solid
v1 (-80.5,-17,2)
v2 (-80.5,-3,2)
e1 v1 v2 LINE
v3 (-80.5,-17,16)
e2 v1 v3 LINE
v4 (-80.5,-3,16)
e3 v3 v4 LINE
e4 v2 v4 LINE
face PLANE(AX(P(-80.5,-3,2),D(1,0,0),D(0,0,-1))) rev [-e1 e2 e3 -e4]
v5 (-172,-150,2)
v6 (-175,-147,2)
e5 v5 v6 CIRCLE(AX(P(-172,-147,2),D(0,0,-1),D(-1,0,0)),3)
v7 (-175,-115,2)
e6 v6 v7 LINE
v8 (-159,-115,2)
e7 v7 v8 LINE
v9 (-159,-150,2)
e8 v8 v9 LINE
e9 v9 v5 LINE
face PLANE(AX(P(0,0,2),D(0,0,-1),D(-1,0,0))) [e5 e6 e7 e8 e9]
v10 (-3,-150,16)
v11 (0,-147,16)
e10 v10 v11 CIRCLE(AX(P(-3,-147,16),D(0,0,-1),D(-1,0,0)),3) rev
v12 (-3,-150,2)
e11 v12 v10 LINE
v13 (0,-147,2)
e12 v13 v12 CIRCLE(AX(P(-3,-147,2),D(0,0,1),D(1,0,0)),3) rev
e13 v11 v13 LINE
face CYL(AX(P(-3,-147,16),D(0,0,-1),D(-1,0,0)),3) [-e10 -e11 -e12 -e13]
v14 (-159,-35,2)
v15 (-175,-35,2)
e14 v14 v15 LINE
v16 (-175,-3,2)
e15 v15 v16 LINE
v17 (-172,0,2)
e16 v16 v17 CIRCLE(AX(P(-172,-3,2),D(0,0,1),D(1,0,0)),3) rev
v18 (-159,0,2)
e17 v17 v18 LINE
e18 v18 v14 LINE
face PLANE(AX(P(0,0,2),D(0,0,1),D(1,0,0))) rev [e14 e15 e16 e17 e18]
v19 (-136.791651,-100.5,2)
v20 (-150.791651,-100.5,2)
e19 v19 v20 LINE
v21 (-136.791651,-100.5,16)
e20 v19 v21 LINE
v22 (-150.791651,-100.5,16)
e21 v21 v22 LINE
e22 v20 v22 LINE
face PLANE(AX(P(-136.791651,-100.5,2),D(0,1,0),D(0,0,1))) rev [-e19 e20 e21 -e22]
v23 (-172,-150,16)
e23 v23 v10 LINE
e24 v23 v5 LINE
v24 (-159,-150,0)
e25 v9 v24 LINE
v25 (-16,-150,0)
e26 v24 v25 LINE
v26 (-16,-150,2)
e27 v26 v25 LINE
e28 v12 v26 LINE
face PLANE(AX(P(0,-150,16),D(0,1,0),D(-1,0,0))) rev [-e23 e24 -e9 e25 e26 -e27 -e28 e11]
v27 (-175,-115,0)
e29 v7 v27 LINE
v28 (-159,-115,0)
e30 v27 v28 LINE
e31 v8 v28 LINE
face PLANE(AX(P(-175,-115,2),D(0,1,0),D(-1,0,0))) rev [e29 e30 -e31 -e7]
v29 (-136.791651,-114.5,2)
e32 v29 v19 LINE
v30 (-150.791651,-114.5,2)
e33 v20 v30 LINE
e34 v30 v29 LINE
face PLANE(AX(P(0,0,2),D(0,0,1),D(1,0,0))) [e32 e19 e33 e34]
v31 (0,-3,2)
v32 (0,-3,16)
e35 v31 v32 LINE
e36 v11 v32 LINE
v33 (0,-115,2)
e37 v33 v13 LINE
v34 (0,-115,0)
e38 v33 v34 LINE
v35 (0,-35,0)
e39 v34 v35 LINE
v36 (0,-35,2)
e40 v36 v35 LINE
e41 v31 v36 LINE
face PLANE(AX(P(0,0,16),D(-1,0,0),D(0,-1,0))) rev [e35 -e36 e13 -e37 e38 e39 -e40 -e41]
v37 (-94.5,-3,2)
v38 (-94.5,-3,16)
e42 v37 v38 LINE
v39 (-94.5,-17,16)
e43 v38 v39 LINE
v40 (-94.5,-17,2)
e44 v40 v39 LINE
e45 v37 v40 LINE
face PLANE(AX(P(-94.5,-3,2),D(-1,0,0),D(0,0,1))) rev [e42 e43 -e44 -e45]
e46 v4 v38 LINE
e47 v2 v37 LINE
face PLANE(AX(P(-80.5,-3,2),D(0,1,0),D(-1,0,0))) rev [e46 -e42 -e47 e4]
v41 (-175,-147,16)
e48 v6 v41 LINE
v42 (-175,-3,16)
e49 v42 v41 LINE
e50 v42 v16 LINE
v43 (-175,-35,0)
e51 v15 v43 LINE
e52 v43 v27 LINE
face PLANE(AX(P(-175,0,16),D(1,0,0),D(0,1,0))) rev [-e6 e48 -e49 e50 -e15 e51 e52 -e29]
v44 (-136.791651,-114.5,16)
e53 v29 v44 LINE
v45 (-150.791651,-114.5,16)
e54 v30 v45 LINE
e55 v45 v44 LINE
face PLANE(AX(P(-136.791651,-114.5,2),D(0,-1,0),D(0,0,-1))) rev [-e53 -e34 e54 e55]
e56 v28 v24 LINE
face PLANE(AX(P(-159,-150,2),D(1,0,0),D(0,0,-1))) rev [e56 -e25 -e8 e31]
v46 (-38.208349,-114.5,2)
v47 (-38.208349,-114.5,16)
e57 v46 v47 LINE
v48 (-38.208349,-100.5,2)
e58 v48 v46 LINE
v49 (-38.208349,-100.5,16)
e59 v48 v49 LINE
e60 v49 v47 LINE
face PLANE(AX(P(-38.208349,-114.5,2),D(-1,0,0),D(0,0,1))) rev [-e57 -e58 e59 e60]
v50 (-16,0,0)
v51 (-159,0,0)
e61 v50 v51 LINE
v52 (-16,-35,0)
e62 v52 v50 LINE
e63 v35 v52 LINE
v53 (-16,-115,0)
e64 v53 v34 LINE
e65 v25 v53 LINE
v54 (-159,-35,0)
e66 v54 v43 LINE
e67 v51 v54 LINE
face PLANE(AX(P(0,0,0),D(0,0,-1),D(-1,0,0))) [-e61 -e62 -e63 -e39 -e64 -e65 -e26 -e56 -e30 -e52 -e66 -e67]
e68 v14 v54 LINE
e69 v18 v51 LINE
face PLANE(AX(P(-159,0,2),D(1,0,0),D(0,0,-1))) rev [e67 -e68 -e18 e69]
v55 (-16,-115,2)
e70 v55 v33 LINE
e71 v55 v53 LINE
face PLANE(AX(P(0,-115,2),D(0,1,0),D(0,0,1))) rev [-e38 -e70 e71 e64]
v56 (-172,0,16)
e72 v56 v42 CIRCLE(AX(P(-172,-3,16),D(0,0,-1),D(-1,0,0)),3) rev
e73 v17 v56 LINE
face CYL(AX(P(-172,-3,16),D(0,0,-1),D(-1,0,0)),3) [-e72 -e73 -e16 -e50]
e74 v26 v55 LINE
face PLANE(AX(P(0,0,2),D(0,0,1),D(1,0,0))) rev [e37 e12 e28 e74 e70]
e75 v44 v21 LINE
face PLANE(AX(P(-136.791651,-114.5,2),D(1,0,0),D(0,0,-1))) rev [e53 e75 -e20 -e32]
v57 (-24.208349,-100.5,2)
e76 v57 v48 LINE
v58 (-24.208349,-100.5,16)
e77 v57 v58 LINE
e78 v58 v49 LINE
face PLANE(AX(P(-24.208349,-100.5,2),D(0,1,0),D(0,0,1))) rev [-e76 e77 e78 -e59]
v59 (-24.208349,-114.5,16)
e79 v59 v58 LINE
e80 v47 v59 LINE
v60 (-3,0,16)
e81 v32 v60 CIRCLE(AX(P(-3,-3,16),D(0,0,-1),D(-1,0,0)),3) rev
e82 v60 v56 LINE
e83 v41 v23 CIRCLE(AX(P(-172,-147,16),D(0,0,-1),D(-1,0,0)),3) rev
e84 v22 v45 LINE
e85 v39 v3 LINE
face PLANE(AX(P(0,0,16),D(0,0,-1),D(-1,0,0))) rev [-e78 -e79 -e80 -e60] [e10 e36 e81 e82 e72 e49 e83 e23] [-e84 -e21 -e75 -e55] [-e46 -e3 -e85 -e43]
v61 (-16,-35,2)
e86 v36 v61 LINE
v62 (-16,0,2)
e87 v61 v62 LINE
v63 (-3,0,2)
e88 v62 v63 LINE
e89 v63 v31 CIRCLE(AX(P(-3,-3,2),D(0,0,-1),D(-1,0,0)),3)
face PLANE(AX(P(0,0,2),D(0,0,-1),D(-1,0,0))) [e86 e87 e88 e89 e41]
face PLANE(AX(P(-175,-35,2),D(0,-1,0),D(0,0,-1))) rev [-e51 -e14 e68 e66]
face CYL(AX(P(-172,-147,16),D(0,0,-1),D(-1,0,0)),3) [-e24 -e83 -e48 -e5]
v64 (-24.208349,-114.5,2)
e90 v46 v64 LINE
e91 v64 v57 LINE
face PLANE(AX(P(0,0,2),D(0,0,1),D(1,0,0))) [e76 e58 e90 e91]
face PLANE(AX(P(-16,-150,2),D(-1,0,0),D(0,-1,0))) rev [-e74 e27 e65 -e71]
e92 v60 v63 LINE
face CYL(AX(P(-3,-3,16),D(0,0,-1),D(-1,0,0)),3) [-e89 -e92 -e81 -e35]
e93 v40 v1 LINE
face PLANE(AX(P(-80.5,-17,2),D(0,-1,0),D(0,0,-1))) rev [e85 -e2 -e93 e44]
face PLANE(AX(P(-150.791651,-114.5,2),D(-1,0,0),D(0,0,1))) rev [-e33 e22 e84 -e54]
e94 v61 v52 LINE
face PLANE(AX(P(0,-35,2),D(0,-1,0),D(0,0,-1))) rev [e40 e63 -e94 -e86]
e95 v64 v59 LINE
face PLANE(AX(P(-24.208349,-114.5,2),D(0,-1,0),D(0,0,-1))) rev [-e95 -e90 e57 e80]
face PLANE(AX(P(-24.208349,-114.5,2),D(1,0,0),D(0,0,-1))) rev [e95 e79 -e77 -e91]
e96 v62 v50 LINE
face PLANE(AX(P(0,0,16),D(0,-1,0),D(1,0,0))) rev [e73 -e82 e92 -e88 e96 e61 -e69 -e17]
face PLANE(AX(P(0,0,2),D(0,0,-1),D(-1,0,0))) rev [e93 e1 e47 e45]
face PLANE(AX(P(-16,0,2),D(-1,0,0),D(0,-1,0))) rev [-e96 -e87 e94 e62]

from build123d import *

# Parameters (mm, degrees)
SKETCH1_W           = 175
SKETCH1_H           = 150
BOSS_EXTRUDE1_DEPTH = 16
SKETCH2_W           = 14
SKETCH2_H           = 14
CUT_EXTRUDE1_DEPTH  = 14
SKETCH4_W           = 16
SKETCH4_H           = 35
CUT_EXTRUDE5_DEPTH  = 2
FILLET1_R           = 3


with BuildPart() as part:
    # Sketch1 → Boss-Extrude1 (new body)
    with BuildSketch(Plane.XY):
        with Locations((-87.5, -75)):
            Rectangle(SKETCH1_W, SKETCH1_H)
    extrude(amount=BOSS_EXTRUDE1_DEPTH)

    # Sketch2 → Cut-Extrude1 (cut)
    with BuildSketch(Plane.XY.offset(16)):
        with Locations((-87.5, -10)):
            Rectangle(SKETCH2_W, SKETCH2_H)
        with Locations((-143.791651246, -107.5)):
            Rectangle(SKETCH2_W, SKETCH2_H)
        with Locations((-31.208348754, -107.5)):
            Rectangle(SKETCH2_W, SKETCH2_H)
    extrude(amount=-CUT_EXTRUDE1_DEPTH, mode=Mode.SUBTRACT)

    # Sketch4 → Cut-Extrude5 (cut)
    with BuildSketch(Plane(origin=(0, 0, 0), x_dir=(-1, 0, 0), z_dir=(0, 0, -1))):
        with Locations((167, -17.5)):
            Rectangle(SKETCH4_W, SKETCH4_H)
        with Locations((167, -132.5)):
            Rectangle(SKETCH4_W, SKETCH4_H)
        with Locations((8, -132.5)):
            Rectangle(SKETCH4_W, SKETCH4_H)
        with Locations((8, -17.5)):
            Rectangle(SKETCH4_W, SKETCH4_H)
    extrude(amount=-CUT_EXTRUDE5_DEPTH, mode=Mode.SUBTRACT)

    # Fillet1
    fillet1_edges = [part.edges().sort_by_distance(p)[0] for p in [
        (0, -150, 9),
        (-175, -150, 9),
        (-175, 0, 9),
        (0, 0, 9),
    ]]
    fillet(fillet1_edges, radius=FILLET1_R)


solid = part.part
